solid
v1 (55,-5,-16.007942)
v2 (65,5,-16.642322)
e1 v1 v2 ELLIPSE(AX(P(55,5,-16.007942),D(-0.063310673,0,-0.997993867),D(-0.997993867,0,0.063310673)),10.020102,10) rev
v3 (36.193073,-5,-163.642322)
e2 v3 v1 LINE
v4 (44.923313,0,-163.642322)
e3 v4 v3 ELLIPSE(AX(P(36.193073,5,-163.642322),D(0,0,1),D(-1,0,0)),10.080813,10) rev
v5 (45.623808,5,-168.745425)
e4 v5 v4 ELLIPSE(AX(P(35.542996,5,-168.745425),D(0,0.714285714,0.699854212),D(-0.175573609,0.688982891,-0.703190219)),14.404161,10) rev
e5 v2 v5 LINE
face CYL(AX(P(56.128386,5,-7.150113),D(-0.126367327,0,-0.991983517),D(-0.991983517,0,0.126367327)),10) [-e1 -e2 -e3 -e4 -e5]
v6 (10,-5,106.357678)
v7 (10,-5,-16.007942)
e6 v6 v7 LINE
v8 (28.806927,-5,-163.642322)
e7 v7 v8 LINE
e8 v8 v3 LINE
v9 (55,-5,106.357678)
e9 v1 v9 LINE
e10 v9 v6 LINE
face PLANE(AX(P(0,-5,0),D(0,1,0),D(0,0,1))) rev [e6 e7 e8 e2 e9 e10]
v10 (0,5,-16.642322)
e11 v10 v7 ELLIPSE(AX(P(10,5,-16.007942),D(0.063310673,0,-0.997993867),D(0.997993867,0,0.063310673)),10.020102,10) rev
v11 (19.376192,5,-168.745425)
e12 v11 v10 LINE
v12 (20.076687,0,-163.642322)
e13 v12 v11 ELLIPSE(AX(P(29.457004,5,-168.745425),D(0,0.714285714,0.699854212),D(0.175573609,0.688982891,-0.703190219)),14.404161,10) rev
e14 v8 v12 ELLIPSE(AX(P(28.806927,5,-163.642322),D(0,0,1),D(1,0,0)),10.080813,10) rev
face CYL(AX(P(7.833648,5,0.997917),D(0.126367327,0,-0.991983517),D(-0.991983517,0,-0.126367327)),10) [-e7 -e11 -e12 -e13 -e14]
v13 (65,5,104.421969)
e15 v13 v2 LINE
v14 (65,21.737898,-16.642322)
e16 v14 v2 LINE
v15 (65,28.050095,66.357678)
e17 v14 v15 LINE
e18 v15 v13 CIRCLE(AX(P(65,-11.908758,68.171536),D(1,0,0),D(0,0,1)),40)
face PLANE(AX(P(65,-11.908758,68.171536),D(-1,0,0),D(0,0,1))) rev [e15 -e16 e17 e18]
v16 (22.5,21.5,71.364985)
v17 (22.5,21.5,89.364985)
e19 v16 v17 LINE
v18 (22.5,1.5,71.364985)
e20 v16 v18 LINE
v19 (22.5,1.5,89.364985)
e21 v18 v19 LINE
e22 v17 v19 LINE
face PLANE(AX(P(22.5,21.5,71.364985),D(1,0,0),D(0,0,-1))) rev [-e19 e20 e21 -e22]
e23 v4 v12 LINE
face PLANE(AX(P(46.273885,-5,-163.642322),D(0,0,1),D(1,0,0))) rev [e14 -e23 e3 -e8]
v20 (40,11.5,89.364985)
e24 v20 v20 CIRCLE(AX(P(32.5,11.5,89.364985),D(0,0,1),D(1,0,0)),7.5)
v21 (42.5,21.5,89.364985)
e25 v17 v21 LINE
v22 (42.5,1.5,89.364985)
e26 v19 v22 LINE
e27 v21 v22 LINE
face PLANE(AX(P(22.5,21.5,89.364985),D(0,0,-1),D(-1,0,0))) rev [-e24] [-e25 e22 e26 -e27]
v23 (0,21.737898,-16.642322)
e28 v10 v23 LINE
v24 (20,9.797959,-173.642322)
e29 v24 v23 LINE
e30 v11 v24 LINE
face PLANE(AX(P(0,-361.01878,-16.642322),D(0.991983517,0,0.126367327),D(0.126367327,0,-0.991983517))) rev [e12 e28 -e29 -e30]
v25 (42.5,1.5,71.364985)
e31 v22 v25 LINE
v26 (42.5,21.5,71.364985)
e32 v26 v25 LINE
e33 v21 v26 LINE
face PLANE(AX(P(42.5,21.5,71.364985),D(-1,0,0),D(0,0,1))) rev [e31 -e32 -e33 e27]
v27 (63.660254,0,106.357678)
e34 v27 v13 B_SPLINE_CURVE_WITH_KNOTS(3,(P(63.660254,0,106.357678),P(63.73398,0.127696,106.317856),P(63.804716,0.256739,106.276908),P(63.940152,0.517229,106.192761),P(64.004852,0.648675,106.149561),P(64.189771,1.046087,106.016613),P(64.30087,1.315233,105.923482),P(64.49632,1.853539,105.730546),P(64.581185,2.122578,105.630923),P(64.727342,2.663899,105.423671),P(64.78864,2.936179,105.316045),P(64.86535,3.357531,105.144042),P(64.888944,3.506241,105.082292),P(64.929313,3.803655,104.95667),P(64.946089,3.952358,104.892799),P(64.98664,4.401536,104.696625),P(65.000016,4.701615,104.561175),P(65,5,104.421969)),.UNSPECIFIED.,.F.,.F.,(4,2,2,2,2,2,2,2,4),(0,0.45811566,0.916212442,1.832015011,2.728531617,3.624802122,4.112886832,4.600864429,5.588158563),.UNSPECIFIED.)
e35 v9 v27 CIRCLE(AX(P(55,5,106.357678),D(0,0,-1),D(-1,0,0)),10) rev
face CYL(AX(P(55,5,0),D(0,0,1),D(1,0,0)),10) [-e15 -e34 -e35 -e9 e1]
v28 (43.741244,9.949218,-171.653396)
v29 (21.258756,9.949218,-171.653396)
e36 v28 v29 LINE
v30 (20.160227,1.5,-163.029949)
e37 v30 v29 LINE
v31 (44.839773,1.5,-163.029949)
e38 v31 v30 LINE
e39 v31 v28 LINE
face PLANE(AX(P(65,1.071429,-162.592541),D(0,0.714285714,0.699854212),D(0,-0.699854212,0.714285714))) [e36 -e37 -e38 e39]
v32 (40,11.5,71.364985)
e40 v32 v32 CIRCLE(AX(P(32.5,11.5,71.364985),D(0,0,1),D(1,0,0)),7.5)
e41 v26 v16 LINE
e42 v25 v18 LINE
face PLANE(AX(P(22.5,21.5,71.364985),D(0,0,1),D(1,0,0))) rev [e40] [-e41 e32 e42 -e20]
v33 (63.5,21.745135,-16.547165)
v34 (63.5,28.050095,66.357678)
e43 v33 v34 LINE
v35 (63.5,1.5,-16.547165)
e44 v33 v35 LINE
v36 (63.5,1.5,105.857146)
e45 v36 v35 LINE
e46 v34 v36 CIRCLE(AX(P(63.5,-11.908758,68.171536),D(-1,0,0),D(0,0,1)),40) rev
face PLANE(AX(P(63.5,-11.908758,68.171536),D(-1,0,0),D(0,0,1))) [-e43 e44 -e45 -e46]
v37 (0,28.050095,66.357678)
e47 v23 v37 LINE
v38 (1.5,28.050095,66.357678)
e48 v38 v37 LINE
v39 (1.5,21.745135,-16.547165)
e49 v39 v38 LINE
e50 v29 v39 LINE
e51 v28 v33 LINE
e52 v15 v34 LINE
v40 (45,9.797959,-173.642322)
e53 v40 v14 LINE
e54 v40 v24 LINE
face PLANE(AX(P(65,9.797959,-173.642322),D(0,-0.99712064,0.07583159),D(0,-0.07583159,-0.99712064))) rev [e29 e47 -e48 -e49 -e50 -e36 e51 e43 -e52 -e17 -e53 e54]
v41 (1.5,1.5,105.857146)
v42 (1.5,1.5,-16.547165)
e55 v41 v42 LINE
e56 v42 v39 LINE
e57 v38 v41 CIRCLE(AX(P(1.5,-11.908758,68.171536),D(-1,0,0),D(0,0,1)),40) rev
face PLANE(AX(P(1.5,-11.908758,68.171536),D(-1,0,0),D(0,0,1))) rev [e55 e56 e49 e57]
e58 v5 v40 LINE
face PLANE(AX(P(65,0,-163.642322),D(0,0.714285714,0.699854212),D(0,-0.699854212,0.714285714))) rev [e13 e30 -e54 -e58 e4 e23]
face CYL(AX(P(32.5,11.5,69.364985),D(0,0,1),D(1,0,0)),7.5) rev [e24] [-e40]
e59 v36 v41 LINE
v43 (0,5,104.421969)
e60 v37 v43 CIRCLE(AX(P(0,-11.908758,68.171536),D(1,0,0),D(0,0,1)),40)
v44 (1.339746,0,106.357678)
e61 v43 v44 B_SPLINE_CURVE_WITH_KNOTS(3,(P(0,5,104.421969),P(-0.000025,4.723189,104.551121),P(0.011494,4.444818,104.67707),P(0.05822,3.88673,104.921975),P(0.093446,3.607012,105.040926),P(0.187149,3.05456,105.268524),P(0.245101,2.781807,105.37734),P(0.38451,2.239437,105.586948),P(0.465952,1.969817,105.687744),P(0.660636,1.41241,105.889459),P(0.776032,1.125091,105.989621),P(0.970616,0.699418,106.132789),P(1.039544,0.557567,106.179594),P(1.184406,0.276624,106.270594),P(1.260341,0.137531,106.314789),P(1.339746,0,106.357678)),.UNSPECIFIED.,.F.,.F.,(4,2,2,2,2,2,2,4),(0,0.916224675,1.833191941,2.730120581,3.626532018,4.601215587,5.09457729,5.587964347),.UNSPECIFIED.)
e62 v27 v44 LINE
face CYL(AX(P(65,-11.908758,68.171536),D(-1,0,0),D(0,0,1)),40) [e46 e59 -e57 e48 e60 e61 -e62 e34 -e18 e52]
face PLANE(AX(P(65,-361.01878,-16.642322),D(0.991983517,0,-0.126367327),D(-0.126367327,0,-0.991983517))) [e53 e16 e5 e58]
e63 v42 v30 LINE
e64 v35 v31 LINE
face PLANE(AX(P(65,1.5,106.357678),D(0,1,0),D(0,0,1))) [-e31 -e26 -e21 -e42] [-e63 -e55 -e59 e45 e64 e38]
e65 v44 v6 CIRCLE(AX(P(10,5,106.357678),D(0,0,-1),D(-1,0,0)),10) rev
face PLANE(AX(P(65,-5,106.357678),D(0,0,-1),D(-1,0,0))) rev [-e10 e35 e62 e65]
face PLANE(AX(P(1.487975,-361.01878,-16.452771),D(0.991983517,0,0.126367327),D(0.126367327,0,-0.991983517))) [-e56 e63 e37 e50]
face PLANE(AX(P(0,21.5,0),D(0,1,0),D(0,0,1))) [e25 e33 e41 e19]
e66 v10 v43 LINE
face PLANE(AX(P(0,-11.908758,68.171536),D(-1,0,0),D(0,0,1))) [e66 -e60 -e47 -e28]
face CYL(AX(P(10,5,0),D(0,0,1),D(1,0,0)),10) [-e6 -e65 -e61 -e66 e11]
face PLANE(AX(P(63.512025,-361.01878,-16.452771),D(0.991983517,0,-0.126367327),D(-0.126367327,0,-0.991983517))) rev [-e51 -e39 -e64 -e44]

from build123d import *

# Parameters (mm, degrees)
BOSS_EXTRUDE1_DEPTH     = 65
CUT_EXTRUDE1_DEPTH      = 188.52539512587924
CUT_EXTRUDE1_DEPTH_BACK = 188.52539512587924
CUT_EXTRUDE2_DEPTH      = 188.52539512587933
CUT_EXTRUDE2_DEPTH_BACK = 188.52539512587933
SHELL2_T                = -1.5
BOSS_EXTRUDE2_DEPTH     = 20
SKETCH8_R               = 7.5
CUT_EXTRUDE3_DEPTH      = 20
BOSS_EXTRUDE4_DEPTH     = 5
FILLET12_R              = 10


with BuildPart() as part:
    # Sketch1 → Boss-Extrude1 (new body)
    with BuildSketch(Plane(origin=(0, 0, 0), x_dir=(0, 0, -1), z_dir=(1, 0, 0))):
        with BuildLine():
            Line((-106.35767816643843, 0), (163.6423218335616, 0))
            Line((163.6423218335616, 0), (173.6423218335616, 9.7979589711327))
            Line((173.6423218335616, 9.7979589711327), (-66.35767816643839, 28.050095))
            ThreePointArc((-66.35767816643839, 28.050095), (-91.13754828258394, 20.841238484230953), (-106.35767816643843, 0))
        make_face()
    extrude(amount=BOSS_EXTRUDE1_DEPTH)

    # Sketch3 → Cut-Extrude1 (cut, two sides: drawn at the far end of the back side and taken through both)
    with BuildSketch(Plane.XZ.offset(-CUT_EXTRUDE1_DEPTH_BACK)):
        Polygon((-72.93745664211396, 555.916712807033), (0, -16.642321833561624), (19.999999999999996, -173.6423218335616), (92.93745664211396, -746.2013564741562), (-1052.1806126390752, -892.0762697583841), (-1218.0555259233033, 410.04179952280515), align=None)
    extrude(amount=CUT_EXTRUDE1_DEPTH + CUT_EXTRUDE1_DEPTH_BACK, mode=Mode.SUBTRACT)

    # Sketch5 → Cut-Extrude2 (cut, two sides: drawn at the far end of the back side and taken through both)
    with BuildSketch(Plane.XZ.offset(-CUT_EXTRUDE2_DEPTH_BACK)):
        Polygon((137.93745664211394, 555.916712807033), (65, -16.64232183356158), (45, -173.6423218335616), (-27.937456642113958, -746.2013564741562), (1117.1806126390752, -892.0762697583841), (1283.0555259233033, 410.04179952280515), align=None)
    extrude(amount=CUT_EXTRUDE2_DEPTH + CUT_EXTRUDE2_DEPTH_BACK, mode=Mode.SUBTRACT)

    # Shell2
    shell2_openings = [part.faces().sort_by_distance(p)[0] for p in [
        (32.5, 20.220874291, -36.589887377),
        (32.5, 20.841238484, 91.137548283),
    ]]
    offset(amount=SHELL2_T, openings=shell2_openings, kind=Kind.INTERSECTION)

    # Sketch7 → Boss-Extrude2 (add)
    with BuildSketch(Plane(origin=(0, 1.5, 0), x_dir=(1, 0, 0), z_dir=(0, 1, 0))):
        Polygon((22.499999999999993, -71.3649853274635), (42.49999999999999, -71.3649853274635), (42.5, -89.36498532746351), (22.499999999999996, -89.36498532746351), align=None)
    extrude(amount=BOSS_EXTRUDE2_DEPTH)

    # Sketch8 → Cut-Extrude3 (cut)
    with BuildSketch(Plane.XY.offset(89.36498532746351)):
        with Locations((32.49999999999999, 11.500000000000002)):
            Circle(SKETCH8_R)
    extrude(amount=-CUT_EXTRUDE3_DEPTH, mode=Mode.SUBTRACT)

    # Sketch18 → Boss-Extrude4 (add)
    with BuildSketch(Plane.XZ):
        Polygon((65, 106.35767816643843), (0, 106.35767816643843), (0, -16.642321833561624), (18.726114649681534, -163.6423218335616), (46.27388535031847, -163.6423218335616), (65, -16.64232183356158), align=None)
    extrude(amount=BOSS_EXTRUDE4_DEPTH)

    # Fillet12
    fillet12_edges = [part.edges().sort_by_distance(p)[0] for p in [
        (65, -5, 44.857678166438426),
        (0, -5, 44.857678166438404),
        (9.363057324840767, -5, -90.14232183356161),
        (55.63694267515924, -5, -90.1423218335616),
    ]]
    fillet(fillet12_edges, radius=FILLET12_R)


solid = part.part
